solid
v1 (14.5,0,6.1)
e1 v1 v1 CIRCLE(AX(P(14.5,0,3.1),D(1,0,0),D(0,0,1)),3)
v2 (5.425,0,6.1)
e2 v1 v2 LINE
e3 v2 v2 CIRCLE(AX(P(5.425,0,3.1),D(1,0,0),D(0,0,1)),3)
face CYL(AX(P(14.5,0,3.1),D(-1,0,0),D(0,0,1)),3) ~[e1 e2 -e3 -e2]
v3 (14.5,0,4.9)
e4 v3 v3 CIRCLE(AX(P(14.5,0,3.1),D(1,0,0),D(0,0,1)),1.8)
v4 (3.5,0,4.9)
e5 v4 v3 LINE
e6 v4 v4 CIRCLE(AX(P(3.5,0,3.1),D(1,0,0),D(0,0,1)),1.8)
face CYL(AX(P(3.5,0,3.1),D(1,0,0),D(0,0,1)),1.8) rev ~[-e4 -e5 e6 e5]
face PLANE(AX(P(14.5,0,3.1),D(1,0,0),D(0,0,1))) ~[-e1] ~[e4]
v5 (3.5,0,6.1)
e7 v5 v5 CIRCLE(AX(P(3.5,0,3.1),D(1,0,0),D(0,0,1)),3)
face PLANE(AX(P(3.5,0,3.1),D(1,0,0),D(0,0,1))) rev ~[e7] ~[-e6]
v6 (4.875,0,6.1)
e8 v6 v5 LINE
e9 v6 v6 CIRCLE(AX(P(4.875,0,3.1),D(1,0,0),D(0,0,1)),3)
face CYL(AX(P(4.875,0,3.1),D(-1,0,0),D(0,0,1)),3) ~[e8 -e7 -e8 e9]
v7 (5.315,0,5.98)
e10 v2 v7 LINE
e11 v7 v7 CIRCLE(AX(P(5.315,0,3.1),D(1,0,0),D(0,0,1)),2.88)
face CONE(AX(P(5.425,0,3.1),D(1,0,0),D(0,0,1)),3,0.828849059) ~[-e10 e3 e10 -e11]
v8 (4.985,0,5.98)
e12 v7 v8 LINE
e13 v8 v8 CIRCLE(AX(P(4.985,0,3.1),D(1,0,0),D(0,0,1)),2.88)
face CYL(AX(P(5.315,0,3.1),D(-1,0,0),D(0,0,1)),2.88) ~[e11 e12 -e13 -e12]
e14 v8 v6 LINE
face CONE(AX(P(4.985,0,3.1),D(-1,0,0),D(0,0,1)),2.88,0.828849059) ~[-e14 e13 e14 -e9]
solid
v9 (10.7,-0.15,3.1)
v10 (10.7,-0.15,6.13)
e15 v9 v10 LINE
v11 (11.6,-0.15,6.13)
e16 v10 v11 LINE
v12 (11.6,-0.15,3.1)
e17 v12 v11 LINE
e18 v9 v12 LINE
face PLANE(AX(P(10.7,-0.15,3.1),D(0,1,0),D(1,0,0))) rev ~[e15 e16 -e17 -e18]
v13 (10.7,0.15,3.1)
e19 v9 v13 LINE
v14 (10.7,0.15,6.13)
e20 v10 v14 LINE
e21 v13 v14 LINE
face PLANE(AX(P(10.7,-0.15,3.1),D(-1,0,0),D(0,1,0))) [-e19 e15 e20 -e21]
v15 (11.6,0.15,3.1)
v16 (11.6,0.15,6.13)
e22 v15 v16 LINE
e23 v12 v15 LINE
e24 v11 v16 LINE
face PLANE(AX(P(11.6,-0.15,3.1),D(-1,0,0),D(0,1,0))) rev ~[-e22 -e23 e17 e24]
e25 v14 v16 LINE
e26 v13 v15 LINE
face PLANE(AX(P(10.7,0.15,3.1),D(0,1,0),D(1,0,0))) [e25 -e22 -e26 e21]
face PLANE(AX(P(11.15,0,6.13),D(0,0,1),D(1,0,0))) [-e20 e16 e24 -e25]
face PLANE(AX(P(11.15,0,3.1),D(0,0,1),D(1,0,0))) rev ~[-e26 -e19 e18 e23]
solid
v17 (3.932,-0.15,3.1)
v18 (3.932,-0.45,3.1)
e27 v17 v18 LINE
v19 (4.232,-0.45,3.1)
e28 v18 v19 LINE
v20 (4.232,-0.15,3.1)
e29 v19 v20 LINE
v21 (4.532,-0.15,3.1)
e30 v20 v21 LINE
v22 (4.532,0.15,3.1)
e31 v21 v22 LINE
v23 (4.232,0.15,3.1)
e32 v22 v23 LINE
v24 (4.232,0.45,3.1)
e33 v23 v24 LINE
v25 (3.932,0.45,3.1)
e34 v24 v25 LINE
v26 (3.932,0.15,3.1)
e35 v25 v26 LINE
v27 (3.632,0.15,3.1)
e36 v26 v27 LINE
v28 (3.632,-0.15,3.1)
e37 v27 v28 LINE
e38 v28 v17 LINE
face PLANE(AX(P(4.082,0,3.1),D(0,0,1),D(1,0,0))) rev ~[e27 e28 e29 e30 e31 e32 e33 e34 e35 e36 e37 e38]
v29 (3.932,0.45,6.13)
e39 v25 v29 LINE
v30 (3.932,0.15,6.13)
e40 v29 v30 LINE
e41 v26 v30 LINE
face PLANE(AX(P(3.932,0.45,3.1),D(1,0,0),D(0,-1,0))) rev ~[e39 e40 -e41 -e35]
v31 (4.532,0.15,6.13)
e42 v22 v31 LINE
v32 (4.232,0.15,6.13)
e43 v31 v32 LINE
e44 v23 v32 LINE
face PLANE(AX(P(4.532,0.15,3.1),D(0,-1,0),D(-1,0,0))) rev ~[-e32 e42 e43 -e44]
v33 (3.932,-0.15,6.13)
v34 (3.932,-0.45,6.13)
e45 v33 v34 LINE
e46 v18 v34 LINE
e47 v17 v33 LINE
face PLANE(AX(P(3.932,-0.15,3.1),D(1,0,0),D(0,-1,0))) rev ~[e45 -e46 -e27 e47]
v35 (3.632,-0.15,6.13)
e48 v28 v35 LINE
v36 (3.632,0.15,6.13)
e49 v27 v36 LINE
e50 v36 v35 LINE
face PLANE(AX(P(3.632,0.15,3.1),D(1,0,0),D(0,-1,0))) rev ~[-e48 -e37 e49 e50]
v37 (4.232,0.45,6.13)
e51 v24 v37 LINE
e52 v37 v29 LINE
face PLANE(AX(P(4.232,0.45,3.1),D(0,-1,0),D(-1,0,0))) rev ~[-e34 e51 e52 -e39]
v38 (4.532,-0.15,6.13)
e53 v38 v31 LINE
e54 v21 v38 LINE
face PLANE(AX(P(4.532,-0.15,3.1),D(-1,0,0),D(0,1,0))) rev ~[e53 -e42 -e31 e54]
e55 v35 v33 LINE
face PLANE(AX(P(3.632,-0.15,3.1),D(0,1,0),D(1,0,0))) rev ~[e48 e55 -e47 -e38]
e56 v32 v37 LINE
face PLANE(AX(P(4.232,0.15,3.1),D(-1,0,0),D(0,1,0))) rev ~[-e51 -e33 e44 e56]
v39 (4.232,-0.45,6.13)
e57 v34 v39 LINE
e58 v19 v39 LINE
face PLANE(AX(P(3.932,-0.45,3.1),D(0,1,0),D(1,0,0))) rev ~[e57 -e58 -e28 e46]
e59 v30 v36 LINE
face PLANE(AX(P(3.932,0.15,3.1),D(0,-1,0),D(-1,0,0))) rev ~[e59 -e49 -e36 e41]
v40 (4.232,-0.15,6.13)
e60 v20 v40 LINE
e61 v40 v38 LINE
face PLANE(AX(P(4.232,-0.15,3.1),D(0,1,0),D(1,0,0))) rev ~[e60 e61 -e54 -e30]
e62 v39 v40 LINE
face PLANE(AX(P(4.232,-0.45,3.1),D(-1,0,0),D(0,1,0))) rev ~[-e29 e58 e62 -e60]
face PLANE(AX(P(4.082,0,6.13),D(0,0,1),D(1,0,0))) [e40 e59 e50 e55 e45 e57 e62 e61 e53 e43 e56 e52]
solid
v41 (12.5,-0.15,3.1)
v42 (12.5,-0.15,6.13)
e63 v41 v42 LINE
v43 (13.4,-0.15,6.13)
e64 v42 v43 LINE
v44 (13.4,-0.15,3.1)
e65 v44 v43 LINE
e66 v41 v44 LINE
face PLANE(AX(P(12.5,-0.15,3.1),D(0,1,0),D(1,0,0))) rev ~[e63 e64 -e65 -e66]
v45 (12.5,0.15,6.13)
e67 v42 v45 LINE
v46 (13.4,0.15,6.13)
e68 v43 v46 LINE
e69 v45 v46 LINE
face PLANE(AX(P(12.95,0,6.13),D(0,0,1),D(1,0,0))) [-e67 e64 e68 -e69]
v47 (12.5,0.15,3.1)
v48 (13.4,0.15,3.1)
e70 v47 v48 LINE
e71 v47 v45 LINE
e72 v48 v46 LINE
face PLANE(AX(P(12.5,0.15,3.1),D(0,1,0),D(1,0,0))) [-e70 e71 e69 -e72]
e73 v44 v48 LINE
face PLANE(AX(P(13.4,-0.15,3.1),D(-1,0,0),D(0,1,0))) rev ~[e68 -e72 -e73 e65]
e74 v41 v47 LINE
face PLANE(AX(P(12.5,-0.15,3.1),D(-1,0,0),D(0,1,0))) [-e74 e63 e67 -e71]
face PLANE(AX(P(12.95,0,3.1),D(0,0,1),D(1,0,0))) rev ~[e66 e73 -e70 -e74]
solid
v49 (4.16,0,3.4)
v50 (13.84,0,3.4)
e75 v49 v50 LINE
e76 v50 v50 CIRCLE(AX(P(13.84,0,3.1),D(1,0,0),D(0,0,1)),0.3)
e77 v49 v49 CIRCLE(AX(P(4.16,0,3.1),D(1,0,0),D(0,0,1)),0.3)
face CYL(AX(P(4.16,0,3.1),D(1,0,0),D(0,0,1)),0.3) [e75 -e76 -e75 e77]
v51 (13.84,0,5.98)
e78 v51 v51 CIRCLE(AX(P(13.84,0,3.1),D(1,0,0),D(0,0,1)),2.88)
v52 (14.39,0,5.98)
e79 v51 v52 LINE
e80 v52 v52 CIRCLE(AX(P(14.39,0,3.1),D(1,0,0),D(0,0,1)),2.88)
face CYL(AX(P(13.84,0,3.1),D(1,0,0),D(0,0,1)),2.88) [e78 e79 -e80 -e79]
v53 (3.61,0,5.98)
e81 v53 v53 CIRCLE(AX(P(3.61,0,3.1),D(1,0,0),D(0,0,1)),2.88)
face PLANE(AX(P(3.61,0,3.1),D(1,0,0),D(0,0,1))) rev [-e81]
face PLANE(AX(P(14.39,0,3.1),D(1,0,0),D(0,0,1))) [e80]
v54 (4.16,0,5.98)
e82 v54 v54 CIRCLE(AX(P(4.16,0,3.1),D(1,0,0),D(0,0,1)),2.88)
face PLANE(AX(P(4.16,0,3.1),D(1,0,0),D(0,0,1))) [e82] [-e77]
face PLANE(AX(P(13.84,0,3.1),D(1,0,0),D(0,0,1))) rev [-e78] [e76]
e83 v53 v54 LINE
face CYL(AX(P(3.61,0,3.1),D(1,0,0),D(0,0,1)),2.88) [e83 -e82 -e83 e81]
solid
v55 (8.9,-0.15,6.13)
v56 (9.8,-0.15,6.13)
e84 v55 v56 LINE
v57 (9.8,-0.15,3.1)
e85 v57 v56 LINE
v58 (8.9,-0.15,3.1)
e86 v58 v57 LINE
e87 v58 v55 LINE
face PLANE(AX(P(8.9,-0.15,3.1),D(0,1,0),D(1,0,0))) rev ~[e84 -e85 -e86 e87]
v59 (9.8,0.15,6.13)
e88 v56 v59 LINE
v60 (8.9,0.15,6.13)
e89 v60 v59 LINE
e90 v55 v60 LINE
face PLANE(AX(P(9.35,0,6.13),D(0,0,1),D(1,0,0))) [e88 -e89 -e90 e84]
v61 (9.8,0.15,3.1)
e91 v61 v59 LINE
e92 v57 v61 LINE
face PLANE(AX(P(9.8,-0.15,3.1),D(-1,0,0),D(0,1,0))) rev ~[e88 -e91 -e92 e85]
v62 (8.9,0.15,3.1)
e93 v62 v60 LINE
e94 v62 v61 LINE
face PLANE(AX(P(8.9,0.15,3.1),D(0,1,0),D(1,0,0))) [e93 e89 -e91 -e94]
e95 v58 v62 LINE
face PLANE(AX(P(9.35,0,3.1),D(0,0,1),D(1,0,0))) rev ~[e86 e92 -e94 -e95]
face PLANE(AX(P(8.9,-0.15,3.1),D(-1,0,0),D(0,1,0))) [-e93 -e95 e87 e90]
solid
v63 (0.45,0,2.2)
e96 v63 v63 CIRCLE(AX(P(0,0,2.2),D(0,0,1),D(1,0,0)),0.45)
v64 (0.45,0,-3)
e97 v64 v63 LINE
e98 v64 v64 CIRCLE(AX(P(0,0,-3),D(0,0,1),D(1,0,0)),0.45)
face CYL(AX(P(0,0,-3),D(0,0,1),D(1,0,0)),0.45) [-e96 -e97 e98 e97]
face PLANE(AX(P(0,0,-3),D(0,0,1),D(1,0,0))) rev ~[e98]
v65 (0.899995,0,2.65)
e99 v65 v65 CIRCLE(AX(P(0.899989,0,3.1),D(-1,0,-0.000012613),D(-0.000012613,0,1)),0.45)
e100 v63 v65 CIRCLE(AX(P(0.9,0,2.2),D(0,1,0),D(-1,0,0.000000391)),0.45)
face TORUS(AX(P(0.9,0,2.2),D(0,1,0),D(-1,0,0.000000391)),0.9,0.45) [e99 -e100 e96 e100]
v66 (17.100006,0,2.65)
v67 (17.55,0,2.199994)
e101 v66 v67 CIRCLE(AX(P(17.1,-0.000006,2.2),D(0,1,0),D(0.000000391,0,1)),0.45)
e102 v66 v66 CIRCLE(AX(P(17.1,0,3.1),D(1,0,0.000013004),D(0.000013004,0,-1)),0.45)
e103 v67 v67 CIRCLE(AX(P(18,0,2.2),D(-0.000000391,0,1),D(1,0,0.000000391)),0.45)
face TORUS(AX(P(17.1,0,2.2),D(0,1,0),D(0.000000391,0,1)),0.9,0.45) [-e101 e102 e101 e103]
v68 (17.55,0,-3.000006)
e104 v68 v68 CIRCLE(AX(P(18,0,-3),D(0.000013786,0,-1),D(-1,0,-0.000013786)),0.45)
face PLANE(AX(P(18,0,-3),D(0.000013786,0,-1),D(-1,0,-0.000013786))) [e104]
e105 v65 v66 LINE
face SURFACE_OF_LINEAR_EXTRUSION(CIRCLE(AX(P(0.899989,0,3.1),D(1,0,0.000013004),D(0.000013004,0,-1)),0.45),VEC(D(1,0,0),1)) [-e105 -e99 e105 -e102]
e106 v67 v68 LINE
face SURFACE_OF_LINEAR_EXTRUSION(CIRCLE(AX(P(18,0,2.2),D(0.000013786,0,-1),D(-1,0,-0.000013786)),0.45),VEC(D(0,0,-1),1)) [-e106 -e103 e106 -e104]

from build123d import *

# Parameters (mm, degrees)
SKETCH_R    = 0.45
SKETCH004_W = 0.9
SKETCH004_H = 0.3
PAD_DEPTH   = 3.03


with BuildPart() as sweep_body:
    # Sweep: sweep along a path in Sketch001
    with BuildLine(Plane.XZ) as sweep_path:
        Line((0, -3), (0, 2.2))
        ThreePointArc((0, 2.2), (0.2636, 2.836392), (0.899989, 3.1))
        Line((0.899989, 3.1), (17.1, 3.1))
        ThreePointArc((17.1, 3.1), (17.736396, 2.836396), (18, 2.2))
        Line((18, 2.2), (18, -3))
    # Sketch → Sweep (sweep)
    with BuildSketch(Plane.XY.offset(-2)):
        Circle(SKETCH_R)
    sweep(path=sweep_path.line)


with BuildPart() as revolution:
    # Sketch002 → Revolution (revolve)
    with BuildSketch(Plane.XZ):
        Polygon((3.5, 6.1), (3.5, 4.9), (14.5, 4.9), (14.5, 6.1), (5.425, 6.1), (5.315, 5.98), (4.985, 5.98), (4.875, 6.1), align=None)
    revolve(axis=Axis((6.97588, 0, 3.1), (1, 0, 0)))


with BuildPart() as revolution001:
    # Sketch003 → Revolution001 (revolve)
    with BuildSketch(Plane.XZ):
        Polygon((3.61, 5.98), (4.16, 5.98), (4.16, 3.4), (13.84, 3.4), (13.84, 5.98), (14.39, 5.98), (14.39, 3.1), (3.61, 3.1), align=None)
    revolve(axis=Axis((6.97588, 0, 3.1), (1, 0, 0)))


with BuildPart() as pad:
    # Sketch004 → Pad (new body)
    with BuildSketch(Plane.XY.offset(3.1)):
        with Locations((12.95, 0)):
            Rectangle(SKETCH004_W, SKETCH004_H)
        with Locations((11.15, 0)):
            Rectangle(SKETCH004_W, SKETCH004_H)
        with Locations((9.35, 0)):
            Rectangle(SKETCH004_W, SKETCH004_H)
        Polygon((3.932, 0.15), (3.632, 0.15), (3.632, -0.15), (3.932, -0.15), (3.932, -0.45), (4.232, -0.45), (4.232, -0.15), (4.532, -0.15), (4.532, 0.15), (4.232, 0.15), (4.232, 0.45), (3.932, 0.45), align=None)
    extrude(amount=PAD_DEPTH)


solid = Compound([sweep_body.part, revolution.part, revolution001.part, pad.part])
